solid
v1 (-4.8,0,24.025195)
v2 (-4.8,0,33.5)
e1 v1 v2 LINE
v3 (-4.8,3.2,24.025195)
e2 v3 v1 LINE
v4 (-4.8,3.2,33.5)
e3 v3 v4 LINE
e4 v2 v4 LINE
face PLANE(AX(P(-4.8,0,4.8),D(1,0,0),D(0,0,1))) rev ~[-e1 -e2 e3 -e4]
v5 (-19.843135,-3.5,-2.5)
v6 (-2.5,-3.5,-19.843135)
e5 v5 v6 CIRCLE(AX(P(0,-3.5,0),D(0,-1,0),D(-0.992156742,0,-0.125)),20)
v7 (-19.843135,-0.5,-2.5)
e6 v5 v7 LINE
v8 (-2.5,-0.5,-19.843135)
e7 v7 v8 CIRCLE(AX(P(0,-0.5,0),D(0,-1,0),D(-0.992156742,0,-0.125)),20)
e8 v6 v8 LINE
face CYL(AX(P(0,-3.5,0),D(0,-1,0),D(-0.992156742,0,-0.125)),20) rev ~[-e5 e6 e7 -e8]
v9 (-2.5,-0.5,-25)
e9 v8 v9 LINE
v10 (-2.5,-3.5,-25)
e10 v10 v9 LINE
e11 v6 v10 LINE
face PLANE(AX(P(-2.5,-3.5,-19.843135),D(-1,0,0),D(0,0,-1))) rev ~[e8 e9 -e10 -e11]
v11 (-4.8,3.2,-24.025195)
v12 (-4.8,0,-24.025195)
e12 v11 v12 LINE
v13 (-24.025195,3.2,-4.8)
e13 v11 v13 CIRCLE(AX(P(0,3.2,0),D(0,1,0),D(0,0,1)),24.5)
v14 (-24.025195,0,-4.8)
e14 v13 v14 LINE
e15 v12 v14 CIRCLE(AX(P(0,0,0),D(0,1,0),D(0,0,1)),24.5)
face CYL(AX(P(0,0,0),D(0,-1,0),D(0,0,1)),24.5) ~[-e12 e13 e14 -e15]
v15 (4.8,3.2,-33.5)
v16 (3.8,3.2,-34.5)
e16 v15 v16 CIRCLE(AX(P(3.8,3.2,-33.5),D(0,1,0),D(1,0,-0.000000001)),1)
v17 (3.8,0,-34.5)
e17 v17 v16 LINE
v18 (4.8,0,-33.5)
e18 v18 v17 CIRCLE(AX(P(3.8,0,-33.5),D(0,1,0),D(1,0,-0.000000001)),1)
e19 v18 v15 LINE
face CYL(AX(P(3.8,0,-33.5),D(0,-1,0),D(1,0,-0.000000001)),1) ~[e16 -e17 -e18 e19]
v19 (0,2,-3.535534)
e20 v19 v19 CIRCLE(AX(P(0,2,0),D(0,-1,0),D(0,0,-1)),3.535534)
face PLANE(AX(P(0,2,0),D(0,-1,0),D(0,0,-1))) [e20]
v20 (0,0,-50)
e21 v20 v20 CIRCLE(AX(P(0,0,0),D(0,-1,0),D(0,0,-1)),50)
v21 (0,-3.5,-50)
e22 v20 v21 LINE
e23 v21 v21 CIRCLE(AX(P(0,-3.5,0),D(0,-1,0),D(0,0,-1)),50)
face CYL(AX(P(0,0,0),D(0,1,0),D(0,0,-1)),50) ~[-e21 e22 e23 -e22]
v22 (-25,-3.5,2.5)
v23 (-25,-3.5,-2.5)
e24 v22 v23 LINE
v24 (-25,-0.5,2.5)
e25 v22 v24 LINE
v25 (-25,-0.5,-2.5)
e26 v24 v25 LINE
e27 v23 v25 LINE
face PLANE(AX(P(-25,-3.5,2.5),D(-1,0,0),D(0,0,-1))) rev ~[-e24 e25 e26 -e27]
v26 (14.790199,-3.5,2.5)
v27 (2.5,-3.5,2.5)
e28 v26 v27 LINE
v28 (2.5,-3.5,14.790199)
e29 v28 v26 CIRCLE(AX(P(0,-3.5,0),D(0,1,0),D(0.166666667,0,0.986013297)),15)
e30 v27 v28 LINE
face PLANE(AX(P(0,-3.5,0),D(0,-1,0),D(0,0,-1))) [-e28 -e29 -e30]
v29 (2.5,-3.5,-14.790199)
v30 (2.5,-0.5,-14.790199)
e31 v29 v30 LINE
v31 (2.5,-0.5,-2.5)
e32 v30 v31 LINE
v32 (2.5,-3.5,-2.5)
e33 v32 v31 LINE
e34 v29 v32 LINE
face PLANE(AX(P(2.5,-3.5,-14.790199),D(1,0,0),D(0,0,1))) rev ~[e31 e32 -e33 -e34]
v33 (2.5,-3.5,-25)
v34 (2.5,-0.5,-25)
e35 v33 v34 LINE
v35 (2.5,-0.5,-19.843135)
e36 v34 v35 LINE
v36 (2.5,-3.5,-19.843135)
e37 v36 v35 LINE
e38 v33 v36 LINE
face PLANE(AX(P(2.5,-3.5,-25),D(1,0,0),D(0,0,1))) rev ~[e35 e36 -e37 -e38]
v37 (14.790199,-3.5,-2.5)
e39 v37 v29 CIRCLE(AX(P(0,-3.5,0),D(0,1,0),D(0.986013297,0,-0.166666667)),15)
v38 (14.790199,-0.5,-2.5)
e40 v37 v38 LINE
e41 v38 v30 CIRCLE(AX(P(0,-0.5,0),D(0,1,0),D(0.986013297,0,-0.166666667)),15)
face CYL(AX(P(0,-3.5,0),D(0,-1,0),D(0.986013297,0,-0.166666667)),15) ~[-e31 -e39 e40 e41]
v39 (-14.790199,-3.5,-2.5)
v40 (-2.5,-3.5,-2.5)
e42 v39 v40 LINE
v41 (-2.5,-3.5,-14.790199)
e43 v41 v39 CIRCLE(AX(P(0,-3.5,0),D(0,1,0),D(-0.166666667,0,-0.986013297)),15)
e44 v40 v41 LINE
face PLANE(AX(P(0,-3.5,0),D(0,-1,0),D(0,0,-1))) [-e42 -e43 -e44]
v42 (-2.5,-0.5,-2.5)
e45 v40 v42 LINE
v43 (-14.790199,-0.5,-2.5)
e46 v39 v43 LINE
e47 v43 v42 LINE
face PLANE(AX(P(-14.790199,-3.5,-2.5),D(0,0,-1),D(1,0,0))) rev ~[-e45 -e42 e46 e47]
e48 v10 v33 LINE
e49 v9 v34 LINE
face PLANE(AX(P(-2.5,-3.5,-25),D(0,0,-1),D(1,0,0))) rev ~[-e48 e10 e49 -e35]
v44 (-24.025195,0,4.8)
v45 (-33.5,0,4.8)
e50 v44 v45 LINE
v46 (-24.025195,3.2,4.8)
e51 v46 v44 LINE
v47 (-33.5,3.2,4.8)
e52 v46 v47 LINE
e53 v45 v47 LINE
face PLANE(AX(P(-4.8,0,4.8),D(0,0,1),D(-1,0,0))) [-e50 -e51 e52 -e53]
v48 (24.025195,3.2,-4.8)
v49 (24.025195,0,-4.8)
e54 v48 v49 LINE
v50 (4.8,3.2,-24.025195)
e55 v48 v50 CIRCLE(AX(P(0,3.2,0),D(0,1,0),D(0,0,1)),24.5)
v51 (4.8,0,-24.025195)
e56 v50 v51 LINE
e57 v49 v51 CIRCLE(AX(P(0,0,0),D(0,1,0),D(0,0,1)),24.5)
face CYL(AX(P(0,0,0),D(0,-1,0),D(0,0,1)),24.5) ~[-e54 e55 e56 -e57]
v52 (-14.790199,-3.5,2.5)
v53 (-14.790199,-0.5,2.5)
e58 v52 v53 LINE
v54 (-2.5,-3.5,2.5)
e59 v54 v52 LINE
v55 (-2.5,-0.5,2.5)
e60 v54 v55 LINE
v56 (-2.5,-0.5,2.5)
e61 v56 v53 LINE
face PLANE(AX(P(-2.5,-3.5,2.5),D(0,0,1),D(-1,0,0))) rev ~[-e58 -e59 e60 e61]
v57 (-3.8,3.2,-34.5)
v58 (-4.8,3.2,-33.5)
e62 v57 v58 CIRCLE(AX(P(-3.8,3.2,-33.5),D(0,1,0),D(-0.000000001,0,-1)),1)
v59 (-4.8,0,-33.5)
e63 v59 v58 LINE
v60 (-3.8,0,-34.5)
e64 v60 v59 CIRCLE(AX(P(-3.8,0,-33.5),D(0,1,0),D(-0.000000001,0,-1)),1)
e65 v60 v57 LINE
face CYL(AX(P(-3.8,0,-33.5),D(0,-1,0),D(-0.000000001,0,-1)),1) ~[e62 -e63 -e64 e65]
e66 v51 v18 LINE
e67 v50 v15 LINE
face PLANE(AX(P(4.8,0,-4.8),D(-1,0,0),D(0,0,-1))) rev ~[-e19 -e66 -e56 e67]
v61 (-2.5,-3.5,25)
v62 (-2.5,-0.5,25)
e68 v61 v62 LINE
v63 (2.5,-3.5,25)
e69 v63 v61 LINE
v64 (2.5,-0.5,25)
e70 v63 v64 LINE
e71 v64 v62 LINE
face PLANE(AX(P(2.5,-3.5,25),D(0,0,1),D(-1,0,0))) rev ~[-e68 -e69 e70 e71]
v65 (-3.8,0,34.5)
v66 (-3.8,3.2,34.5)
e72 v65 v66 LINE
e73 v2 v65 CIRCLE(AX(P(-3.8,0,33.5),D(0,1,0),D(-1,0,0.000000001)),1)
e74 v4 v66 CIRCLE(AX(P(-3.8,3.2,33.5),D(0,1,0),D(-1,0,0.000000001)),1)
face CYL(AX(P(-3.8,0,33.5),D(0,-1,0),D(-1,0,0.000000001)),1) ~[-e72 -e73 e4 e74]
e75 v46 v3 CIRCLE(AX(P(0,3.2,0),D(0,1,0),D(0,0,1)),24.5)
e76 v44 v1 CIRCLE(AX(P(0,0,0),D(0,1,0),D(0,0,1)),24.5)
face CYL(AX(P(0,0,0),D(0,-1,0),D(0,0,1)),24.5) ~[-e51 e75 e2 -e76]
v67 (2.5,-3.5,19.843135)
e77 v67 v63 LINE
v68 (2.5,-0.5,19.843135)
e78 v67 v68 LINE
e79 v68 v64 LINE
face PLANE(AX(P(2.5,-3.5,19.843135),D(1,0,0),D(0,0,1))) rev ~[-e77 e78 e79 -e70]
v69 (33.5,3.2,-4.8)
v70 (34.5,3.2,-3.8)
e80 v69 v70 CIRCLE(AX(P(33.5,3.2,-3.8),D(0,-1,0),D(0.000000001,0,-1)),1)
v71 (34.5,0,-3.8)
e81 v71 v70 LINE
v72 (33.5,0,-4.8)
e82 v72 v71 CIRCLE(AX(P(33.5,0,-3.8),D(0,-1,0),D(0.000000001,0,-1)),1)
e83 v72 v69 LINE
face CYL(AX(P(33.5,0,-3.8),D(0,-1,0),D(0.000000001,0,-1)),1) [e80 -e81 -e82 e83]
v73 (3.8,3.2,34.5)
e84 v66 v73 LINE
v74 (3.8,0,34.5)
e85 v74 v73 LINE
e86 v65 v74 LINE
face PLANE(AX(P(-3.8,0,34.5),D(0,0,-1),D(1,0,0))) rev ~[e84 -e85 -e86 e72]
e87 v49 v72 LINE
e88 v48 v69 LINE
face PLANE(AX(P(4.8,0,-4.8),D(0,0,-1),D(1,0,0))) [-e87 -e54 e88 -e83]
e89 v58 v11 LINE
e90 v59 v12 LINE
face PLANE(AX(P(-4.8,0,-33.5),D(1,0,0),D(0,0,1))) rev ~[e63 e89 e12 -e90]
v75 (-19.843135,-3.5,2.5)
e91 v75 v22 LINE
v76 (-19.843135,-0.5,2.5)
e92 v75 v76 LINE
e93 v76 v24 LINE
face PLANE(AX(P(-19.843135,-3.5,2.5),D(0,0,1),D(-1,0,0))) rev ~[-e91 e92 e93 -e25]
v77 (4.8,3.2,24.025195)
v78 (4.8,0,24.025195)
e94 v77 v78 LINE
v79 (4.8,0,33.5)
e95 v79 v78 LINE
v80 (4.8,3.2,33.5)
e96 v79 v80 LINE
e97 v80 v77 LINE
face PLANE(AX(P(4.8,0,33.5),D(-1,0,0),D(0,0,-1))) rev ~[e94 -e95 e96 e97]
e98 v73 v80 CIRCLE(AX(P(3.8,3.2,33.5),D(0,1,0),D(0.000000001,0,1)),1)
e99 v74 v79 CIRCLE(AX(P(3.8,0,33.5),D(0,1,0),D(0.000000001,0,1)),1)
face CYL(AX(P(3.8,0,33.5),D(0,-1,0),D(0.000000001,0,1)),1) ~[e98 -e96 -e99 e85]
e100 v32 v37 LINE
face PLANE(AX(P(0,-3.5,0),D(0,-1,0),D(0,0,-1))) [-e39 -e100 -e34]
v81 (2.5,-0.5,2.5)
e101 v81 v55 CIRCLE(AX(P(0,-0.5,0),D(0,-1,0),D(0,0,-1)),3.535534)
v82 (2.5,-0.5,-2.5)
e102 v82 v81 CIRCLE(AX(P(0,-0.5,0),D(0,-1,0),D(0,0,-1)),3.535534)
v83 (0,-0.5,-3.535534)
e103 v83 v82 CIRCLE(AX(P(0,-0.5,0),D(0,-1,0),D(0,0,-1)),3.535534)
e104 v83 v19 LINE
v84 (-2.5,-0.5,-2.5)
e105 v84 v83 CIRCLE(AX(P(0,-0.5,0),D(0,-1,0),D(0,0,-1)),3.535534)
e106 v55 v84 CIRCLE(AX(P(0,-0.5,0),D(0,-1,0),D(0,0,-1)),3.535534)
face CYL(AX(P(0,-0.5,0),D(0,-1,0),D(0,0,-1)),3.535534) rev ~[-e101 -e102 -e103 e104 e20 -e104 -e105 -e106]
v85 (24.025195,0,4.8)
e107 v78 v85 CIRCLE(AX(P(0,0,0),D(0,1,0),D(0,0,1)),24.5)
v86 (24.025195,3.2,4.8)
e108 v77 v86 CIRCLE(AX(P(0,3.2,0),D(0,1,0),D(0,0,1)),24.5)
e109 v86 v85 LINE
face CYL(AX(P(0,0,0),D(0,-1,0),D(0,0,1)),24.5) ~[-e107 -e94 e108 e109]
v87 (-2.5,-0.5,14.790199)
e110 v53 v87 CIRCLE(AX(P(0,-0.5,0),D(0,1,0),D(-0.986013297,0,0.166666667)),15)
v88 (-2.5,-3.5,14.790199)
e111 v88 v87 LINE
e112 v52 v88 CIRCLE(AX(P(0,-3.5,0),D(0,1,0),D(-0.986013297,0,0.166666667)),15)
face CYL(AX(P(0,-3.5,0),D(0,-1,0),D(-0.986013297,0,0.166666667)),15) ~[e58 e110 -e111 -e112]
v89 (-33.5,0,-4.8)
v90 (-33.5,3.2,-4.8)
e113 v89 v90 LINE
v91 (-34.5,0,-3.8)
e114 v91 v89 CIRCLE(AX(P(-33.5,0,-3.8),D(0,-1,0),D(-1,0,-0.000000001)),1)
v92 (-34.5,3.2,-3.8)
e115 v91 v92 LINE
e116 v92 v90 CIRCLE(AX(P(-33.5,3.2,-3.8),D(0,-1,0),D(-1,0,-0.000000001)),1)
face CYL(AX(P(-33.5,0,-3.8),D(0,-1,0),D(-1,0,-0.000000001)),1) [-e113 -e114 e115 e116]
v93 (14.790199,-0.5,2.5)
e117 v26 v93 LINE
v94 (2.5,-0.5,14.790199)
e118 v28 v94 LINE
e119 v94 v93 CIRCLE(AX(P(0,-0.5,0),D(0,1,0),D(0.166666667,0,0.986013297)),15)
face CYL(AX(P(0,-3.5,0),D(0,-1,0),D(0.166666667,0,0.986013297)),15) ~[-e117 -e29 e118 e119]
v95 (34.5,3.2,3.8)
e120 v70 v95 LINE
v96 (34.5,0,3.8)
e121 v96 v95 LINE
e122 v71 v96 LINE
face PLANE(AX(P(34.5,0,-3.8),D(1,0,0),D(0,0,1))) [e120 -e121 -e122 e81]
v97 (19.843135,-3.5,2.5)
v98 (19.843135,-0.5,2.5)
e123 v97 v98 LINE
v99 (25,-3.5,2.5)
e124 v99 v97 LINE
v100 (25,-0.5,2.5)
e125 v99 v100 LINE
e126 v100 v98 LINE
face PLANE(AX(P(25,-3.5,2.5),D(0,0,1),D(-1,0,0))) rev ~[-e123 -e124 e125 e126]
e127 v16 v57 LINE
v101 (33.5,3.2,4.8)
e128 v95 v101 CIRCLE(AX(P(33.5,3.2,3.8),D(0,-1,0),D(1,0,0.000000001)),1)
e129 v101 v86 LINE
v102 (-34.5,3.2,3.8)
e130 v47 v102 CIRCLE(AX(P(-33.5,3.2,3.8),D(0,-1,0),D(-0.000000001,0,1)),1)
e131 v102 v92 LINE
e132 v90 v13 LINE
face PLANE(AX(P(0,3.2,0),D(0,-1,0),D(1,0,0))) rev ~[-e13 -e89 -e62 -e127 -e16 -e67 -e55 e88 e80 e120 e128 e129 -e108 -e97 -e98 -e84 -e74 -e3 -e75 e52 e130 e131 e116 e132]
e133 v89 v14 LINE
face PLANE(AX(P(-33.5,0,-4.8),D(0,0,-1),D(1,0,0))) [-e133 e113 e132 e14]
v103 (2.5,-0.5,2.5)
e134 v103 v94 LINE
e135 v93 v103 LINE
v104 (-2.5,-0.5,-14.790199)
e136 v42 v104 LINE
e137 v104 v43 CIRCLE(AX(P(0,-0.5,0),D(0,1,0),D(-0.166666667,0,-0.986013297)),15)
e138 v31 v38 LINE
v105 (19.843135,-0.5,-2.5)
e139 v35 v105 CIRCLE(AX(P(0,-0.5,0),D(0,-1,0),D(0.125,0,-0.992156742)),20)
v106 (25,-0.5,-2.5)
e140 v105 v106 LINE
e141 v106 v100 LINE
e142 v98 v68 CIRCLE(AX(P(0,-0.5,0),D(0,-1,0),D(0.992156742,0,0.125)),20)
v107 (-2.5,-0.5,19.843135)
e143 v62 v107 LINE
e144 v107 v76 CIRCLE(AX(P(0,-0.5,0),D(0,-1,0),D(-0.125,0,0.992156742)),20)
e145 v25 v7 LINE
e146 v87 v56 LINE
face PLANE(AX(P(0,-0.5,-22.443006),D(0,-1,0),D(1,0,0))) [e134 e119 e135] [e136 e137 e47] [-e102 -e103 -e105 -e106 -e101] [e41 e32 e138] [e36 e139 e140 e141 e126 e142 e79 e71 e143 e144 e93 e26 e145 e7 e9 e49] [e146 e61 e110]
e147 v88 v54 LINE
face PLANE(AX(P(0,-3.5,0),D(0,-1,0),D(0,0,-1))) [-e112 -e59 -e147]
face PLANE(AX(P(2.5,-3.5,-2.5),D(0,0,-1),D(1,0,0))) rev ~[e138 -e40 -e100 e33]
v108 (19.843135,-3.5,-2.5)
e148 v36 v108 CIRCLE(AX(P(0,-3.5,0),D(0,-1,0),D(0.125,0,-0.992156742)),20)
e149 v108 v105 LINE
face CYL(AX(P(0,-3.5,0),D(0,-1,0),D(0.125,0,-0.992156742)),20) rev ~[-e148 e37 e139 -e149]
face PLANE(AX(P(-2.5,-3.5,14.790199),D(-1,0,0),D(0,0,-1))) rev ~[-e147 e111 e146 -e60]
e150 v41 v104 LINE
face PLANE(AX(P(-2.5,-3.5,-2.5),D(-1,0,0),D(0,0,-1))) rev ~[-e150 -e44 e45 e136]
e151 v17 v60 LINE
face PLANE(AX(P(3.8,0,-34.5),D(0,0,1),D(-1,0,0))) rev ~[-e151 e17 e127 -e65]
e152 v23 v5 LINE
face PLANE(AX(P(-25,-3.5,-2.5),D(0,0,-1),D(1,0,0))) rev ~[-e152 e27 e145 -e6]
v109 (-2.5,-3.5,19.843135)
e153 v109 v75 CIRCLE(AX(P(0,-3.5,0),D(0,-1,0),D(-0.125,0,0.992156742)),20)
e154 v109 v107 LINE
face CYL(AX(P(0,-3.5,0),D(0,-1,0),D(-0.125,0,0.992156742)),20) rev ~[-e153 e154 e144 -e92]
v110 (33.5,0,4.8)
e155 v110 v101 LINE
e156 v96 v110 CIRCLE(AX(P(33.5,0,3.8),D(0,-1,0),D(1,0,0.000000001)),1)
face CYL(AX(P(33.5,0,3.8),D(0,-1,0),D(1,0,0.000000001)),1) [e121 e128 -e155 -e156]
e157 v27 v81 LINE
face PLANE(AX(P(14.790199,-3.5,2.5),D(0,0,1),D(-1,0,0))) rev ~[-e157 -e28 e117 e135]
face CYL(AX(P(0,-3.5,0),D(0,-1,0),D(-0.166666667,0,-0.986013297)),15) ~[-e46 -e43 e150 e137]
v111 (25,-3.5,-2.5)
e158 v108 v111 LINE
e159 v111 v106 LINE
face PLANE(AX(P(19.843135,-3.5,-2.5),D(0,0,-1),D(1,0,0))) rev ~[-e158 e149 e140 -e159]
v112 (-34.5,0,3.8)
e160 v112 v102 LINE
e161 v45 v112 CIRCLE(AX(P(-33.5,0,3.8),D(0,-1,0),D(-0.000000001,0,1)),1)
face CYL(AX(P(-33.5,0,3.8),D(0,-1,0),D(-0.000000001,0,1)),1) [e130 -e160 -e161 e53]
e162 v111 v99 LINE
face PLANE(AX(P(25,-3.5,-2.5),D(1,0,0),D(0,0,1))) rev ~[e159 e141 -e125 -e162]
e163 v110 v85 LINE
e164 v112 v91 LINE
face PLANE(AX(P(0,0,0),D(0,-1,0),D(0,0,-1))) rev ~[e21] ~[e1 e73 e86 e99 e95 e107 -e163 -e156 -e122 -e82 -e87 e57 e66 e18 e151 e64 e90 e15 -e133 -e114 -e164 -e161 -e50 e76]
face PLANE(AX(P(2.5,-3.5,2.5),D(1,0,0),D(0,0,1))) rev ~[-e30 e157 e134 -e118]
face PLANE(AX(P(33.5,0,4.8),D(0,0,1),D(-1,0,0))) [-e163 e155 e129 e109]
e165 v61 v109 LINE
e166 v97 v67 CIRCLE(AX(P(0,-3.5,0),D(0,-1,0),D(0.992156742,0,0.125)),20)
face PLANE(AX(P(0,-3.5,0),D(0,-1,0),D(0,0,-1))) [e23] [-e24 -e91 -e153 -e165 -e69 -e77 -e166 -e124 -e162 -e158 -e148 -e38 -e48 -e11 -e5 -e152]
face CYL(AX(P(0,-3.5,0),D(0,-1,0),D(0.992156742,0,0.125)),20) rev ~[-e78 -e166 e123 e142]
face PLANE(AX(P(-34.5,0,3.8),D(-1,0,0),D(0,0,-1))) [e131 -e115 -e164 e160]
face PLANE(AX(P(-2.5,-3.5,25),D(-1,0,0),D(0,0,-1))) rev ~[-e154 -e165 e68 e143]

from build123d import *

# Parameters (mm, degrees)
CROQUIS5_R              = 24.5
SALIENTE_EXTRUIR3_DEPTH = 3.2
SALIENTE_EXTRUIR4_DEPTH = 3.2
CROQUIS7_R              = 50
SALIENTE_EXTRUIR5_DEPTH = 3.5
CROQUIS8_W              = 5
CROQUIS8_H              = 5
CORTAR_EXTRUIR3_DEPTH   = 3
CROQUIS9_R              = 3.535533906
CORTAR_EXTRUIR4_DEPTH   = 2.5


with BuildPart() as part:
    # Croquis5 → Saliente-Extruir3 (new body)
    with BuildSketch(Plane(origin=(0, 0, 0), x_dir=(1, 0, 0), z_dir=(0, 1, 0))):
        with Locations(Location((0, 0, 0), (0, 0, 270))):
            Circle(CROQUIS5_R)
    extrude(amount=SALIENTE_EXTRUIR3_DEPTH)

    # Croquis6 → Saliente-Extruir4 (add)
    with BuildSketch(Plane.XZ):
        with BuildLine():
            Line((33.5, 4.8), (-33.5, 4.8))
            ThreePointArc((-33.5, 4.8), (-34.207106781, 4.507106781), (-34.5, 3.8))
            Line((-34.5, 3.8), (-34.5, -3.8))
            ThreePointArc((-34.5, -3.8), (-34.207106781, -4.507106781), (-33.5, -4.8))
            Line((-33.5, -4.8), (33.5, -4.8))
            ThreePointArc((33.5, -4.8), (34.207106781, -4.507106781), (34.5, -3.8))
            Line((34.5, -3.8), (34.5, 3.8))
            ThreePointArc((34.5, 3.8), (34.207106781, 4.507106781), (33.5, 4.8))
        make_face()
        with BuildLine():
            Line((3.8, -34.5), (-3.8, -34.5))
            ThreePointArc((-3.8, -34.5), (-4.507106781, -34.207106781), (-4.8, -33.5))
            Line((-4.8, -33.5), (-4.8, 33.5))
            ThreePointArc((-4.8, 33.5), (-4.507106781, 34.207106781), (-3.8, 34.5))
            Line((-3.8, 34.5), (3.8, 34.5))
            ThreePointArc((3.8, 34.5), (4.507106781, 34.207106781), (4.8, 33.5))
            Line((4.8, 33.5), (4.8, -33.5))
            ThreePointArc((4.8, -33.5), (4.507106781, -34.207106781), (3.8, -34.5))
        make_face()
    extrude(amount=-SALIENTE_EXTRUIR4_DEPTH)

    # Croquis7 → Saliente-Extruir5 (add)
    with BuildSketch(Plane.XZ):
        with Locations(Location((0, 0, 0), (0, 0, 270))):
            Circle(CROQUIS7_R)
    extrude(amount=SALIENTE_EXTRUIR5_DEPTH)

    # Croquis8 → Cortar-Extruir3 (cut)
    with BuildSketch(Plane.XZ.offset(3.5)):
        with BuildLine():
            Line((-2.5, -25), (2.5, -25))
            Line((2.5, -25), (2.5, -19.843134833))
            ThreePointArc((2.5, -19.843134833), (0, -20), (-2.5, -19.843134833))
            Line((-2.5, -19.843134833), (-2.5, -25))
        make_face()
        with BuildLine():
            ThreePointArc((-2.5, -19.843134833), (0, -20), (2.5, -19.843134833))
            Line((2.5, -19.843134833), (2.5, -14.790199458))
            ThreePointArc((2.5, -14.790199458), (0, -15), (-2.5, -14.790199458))
            Line((-2.5, -14.790199458), (-2.5, -19.843134833))
        make_face()
        with BuildLine():
            ThreePointArc((2.5, 19.843134833), (0, 20), (-2.5, 19.843134833))
            Line((-2.5, 19.843134833), (-2.5, 14.790199458))
            ThreePointArc((-2.5, 14.790199458), (0, 15), (2.5, 14.790199458))
            Line((2.5, 14.790199458), (2.5, 19.843134833))
        make_face()
        with BuildLine():
            ThreePointArc((-2.5, -14.790199458), (0, -15), (2.5, -14.790199458))
            Line((2.5, -14.790199458), (2.5, -2.5))
            Line((2.5, -2.5), (-2.5, -2.5))
            Line((-2.5, -2.5), (-2.5, -14.790199458))
        make_face()
        Rectangle(CROQUIS8_W, CROQUIS8_H)
        with BuildLine():
            Line((-2.5, 2.5), (2.5, 2.5))
            Line((2.5, 2.5), (2.5, 14.790199458))
            ThreePointArc((2.5, 14.790199458), (0, 15), (-2.5, 14.790199458))
            Line((-2.5, 14.790199458), (-2.5, 2.5))
        make_face()
        with BuildLine():
            Line((-2.5, 25), (-2.5, 19.843134833))
            ThreePointArc((-2.5, 19.843134833), (0, 20), (2.5, 19.843134833))
            Line((2.5, 19.843134833), (2.5, 25))
            Line((2.5, 25), (-2.5, 25))
        make_face()
        with BuildLine():
            Line((2.5, 2.5), (2.5, -2.5))
            Line((2.5, -2.5), (14.790199458, -2.5))
            ThreePointArc((14.790199458, -2.5), (14.947457842, -1.254393904), (15, 0))
            ThreePointArc((15, 0), (14.947457842, 1.254393904), (14.790199458, 2.5))
            Line((14.790199458, 2.5), (2.5, 2.5))
        make_face()
        with BuildLine():
            Line((14.790199458, -2.5), (19.843134833, -2.5))
            ThreePointArc((19.843134833, -2.5), (19.960745185, -1.252458251), (20, 0))
            ThreePointArc((20, 0), (19.960745185, 1.252458251), (19.843134833, 2.5))
            Line((19.843134833, 2.5), (14.790199458, 2.5))
            ThreePointArc((14.790199458, 2.5), (14.947457842, 1.254393904), (15, 0))
            ThreePointArc((15, 0), (14.947457842, -1.254393904), (14.790199458, -2.5))
        make_face()
        with BuildLine():
            ThreePointArc((-19.843134833, 2.5), (-20, 0), (-19.843134833, -2.5))
            Line((-19.843134833, -2.5), (-14.790199458, -2.5))
            ThreePointArc((-14.790199458, -2.5), (-15, 0), (-14.790199458, 2.5))
            Line((-14.790199458, 2.5), (-19.843134833, 2.5))
        make_face()
        with BuildLine():
            ThreePointArc((20, 0), (19.960745185, -1.252458251), (19.843134833, -2.5))
            Line((19.843134833, -2.5), (25, -2.5))
            Line((25, -2.5), (25, 2.5))
            Line((25, 2.5), (19.843134833, 2.5))
            ThreePointArc((19.843134833, 2.5), (19.960745185, 1.252458251), (20, 0))
        make_face()
        with BuildLine():
            Line((-14.790199458, -2.5), (-2.5, -2.5))
            Line((-2.5, -2.5), (-2.5, 2.5))
            Line((-2.5, 2.5), (-14.790199458, 2.5))
            ThreePointArc((-14.790199458, 2.5), (-15, 0), (-14.790199458, -2.5))
        make_face()
        with BuildLine():
            Line((-25, -2.5), (-19.843134833, -2.5))
            ThreePointArc((-19.843134833, -2.5), (-20, 0), (-19.843134833, 2.5))
            Line((-19.843134833, 2.5), (-25, 2.5))
            Line((-25, 2.5), (-25, -2.5))
        make_face()
        with BuildLine():
            ThreePointArc((-2.5, 19.843134833), (-14.142135624, 14.142135624), (-19.843134833, 2.5))
            Line((-19.843134833, 2.5), (-14.790199458, 2.5))
            ThreePointArc((-14.790199458, 2.5), (-10.606601718, 10.606601718), (-2.5, 14.790199458))
            Line((-2.5, 14.790199458), (-2.5, 19.843134833))
        make_face()
        with BuildLine():
            Line((14.790199458, 2.5), (19.843134833, 2.5))
            ThreePointArc((19.843134833, 2.5), (14.142135624, 14.142135624), (2.5, 19.843134833))
            Line((2.5, 19.843134833), (2.5, 14.790199458))
            ThreePointArc((2.5, 14.790199458), (10.606601718, 10.606601718), (14.790199458, 2.5))
        make_face()
        with BuildLine():
            Line((2.5, -14.790199458), (2.5, -19.843134833))
            ThreePointArc((2.5, -19.843134833), (14.142135624, -14.142135624), (19.843134833, -2.5))
            Line((19.843134833, -2.5), (14.790199458, -2.5))
            ThreePointArc((14.790199458, -2.5), (10.606601718, -10.606601718), (2.5, -14.790199458))
        make_face()
        with BuildLine():
            ThreePointArc((-19.843134833, -2.5), (-14.142135624, -14.142135624), (-2.5, -19.843134833))
            Line((-2.5, -19.843134833), (-2.5, -14.790199458))
            ThreePointArc((-2.5, -14.790199458), (-10.606601718, -10.606601718), (-14.790199458, -2.5))
            Line((-14.790199458, -2.5), (-19.843134833, -2.5))
        make_face()
    extrude(amount=-CORTAR_EXTRUIR3_DEPTH, mode=Mode.SUBTRACT)

    # Croquis9 → Cortar-Extruir4 (cut)
    with BuildSketch(Plane.XZ.offset(0.5)):
        with Locations(Location((0, 0, 0), (0, 0, 270))):
            Circle(CROQUIS9_R)
    extrude(amount=-CORTAR_EXTRUIR4_DEPTH, mode=Mode.SUBTRACT)


solid = part.part
